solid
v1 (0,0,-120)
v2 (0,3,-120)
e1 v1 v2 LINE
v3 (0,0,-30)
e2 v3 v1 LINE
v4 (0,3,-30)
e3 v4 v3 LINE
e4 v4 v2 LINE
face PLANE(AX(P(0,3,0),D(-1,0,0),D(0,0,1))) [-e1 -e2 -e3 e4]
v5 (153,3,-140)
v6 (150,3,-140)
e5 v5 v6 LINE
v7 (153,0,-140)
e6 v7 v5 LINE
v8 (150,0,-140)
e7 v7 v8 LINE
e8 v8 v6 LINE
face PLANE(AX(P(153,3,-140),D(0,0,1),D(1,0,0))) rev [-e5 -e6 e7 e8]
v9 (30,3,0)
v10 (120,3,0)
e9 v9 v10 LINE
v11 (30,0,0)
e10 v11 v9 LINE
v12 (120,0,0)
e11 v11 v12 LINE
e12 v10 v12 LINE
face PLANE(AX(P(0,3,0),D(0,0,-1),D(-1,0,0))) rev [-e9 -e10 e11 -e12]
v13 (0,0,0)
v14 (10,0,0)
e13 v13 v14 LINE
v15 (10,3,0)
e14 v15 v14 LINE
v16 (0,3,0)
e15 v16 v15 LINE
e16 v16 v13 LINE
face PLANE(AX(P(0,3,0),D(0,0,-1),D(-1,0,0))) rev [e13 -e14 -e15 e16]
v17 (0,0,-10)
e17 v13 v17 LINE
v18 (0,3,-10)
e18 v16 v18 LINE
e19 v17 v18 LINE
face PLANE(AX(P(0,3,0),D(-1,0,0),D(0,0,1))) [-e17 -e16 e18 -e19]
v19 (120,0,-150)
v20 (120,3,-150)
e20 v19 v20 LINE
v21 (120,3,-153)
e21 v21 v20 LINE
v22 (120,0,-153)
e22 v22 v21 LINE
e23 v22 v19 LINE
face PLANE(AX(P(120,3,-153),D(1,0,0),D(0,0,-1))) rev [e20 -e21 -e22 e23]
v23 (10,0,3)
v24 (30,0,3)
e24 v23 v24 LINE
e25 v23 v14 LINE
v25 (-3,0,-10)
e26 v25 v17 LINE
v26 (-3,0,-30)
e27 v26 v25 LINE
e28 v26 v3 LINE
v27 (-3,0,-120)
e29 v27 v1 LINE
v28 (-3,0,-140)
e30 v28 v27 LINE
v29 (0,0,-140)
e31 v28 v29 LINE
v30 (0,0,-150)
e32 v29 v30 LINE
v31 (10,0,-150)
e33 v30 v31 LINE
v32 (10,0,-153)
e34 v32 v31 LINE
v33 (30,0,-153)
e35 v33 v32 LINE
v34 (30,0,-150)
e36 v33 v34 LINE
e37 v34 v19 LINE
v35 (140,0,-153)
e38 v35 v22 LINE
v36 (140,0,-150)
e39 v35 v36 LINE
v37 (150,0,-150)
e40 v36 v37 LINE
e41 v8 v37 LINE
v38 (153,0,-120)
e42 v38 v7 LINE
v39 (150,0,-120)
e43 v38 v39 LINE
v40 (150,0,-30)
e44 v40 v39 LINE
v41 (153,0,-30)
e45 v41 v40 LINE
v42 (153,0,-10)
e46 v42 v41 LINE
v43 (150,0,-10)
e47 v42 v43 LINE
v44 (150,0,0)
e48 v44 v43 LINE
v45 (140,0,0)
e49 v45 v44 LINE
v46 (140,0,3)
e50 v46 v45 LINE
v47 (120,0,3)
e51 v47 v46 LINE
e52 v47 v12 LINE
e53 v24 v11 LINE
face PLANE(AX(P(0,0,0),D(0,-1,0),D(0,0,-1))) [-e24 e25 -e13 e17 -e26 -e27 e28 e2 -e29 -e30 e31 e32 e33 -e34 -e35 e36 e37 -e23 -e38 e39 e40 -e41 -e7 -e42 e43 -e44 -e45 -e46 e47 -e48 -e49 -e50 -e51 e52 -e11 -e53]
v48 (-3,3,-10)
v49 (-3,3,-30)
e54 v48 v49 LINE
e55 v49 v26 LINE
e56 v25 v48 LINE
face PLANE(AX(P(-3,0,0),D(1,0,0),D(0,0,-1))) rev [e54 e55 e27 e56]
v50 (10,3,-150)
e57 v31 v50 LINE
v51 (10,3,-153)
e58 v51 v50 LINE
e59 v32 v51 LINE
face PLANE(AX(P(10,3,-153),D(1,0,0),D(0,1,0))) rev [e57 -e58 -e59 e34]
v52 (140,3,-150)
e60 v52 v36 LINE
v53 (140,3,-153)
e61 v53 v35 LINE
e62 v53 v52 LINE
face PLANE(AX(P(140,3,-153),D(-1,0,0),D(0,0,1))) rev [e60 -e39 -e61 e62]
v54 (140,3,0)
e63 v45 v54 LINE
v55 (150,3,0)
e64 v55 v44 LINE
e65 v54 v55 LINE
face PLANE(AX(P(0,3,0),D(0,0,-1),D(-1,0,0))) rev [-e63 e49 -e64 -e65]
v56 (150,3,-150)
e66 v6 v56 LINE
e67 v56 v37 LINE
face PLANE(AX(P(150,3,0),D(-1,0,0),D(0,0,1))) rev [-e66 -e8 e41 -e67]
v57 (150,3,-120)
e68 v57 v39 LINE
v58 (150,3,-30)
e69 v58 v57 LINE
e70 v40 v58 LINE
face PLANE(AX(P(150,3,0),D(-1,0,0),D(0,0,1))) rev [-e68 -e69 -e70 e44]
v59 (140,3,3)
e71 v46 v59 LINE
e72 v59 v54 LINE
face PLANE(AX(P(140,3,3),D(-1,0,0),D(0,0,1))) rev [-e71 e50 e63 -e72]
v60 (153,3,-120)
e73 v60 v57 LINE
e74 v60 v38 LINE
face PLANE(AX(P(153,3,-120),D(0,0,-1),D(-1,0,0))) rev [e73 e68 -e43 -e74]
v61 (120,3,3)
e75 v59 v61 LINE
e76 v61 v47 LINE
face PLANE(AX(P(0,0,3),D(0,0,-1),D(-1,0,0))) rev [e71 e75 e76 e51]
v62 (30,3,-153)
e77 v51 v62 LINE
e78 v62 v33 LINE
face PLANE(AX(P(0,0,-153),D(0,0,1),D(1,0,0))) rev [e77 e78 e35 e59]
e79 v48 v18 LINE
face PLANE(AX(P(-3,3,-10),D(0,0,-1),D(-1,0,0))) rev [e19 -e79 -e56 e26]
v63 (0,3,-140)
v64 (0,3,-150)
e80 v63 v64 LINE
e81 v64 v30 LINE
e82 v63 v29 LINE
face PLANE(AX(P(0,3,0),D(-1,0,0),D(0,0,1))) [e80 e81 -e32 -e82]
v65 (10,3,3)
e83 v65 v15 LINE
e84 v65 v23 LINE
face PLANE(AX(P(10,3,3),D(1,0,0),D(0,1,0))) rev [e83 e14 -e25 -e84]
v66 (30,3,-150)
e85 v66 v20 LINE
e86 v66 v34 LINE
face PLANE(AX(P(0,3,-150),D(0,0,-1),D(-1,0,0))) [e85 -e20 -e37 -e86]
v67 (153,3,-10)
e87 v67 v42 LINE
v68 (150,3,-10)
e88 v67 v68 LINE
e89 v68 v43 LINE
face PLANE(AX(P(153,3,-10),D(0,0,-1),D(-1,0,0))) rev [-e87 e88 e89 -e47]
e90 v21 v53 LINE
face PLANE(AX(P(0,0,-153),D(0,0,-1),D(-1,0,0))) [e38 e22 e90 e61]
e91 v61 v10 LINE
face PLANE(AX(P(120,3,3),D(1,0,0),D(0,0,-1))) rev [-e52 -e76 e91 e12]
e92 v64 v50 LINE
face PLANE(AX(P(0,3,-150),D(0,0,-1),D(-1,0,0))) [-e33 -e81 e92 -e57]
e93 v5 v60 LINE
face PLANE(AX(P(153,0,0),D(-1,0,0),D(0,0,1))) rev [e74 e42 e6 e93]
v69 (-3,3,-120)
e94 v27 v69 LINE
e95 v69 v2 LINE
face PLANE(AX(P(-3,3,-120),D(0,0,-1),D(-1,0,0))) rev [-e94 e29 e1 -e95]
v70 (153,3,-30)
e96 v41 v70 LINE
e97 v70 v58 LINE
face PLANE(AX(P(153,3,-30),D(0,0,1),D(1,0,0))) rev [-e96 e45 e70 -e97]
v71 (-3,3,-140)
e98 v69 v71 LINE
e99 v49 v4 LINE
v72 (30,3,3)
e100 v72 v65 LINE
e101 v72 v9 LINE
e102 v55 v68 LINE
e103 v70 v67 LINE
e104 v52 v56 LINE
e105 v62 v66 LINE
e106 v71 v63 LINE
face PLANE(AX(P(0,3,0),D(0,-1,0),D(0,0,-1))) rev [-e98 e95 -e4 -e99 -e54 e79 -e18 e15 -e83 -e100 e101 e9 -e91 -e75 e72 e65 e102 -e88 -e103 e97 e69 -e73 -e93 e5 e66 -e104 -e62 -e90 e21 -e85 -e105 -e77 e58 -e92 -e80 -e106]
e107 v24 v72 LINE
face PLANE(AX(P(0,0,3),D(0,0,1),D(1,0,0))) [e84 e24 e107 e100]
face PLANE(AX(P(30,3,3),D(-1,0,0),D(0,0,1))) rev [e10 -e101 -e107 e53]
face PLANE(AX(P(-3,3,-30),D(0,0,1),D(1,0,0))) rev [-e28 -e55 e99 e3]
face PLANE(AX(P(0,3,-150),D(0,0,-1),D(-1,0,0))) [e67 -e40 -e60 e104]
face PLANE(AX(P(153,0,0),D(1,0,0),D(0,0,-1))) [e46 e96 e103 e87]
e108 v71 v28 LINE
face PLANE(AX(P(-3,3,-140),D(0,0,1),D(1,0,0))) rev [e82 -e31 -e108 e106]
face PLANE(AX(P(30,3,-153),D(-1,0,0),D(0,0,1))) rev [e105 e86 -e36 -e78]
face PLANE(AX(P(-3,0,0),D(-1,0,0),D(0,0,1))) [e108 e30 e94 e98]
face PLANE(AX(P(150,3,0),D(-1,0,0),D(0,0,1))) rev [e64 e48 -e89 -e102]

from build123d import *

# Parameters (mm, degrees)
SKETCH1_W            = 150
SKETCH1_H            = 150
BOSS_EXTRUDE9_DEPTH  = 3
SKETCH8_W            = 20
SKETCH8_H            = 3
BOSS_EXTRUDE10_DEPTH = 3
SKETCH9_W            = 20
SKETCH9_H            = 3
BOSS_EXTRUDE11_DEPTH = 3
SKETCH10_W           = 20
SKETCH10_H           = 3
BOSS_EXTRUDE12_DEPTH = 3
SKETCH11_W           = 20
SKETCH11_H           = 3
BOSS_EXTRUDE13_DEPTH = 3
SKETCH13_W           = 20
SKETCH13_H           = 3
BOSS_EXTRUDE14_DEPTH = 3
SKETCH14_W           = 20
SKETCH14_H           = 3
BOSS_EXTRUDE15_DEPTH = 3
SKETCH15_W           = 20
SKETCH15_H           = 3
BOSS_EXTRUDE16_DEPTH = 3
SKETCH16_W           = 20
SKETCH16_H           = 3
BOSS_EXTRUDE17_DEPTH = 3


with BuildPart() as part:
    # Sketch1 → Boss-Extrude9 (new body)
    with BuildSketch(Plane(origin=(0, 0, 0), x_dir=(1, 0, 0), z_dir=(0, 1, 0))):
        with Locations((75, 75)):
            Rectangle(SKETCH1_W, SKETCH1_H)
    extrude(amount=BOSS_EXTRUDE9_DEPTH)

    # Sketch8 → Boss-Extrude10 (add)
    with BuildSketch(Plane.ZY):
        with Locations((-20, 1.5)):
            Rectangle(SKETCH8_W, SKETCH8_H)
    extrude(amount=BOSS_EXTRUDE10_DEPTH)

    # Sketch9 → Boss-Extrude11 (add)
    with BuildSketch(Plane.XY):
        with Locations((20, 1.5)):
            Rectangle(SKETCH9_W, SKETCH9_H)
    extrude(amount=BOSS_EXTRUDE11_DEPTH)

    # Sketch10 → Boss-Extrude12 (add)
    with BuildSketch(Plane.XY):
        with Locations((130, 1.5)):
            Rectangle(SKETCH10_W, SKETCH10_H)
    extrude(amount=BOSS_EXTRUDE12_DEPTH)

    # Sketch11 → Boss-Extrude13 (add)
    with BuildSketch(Plane(origin=(150, 0, 0), x_dir=(0, 0, -1), z_dir=(1, 0, 0))):
        with Locations((20, 1.5)):
            Rectangle(SKETCH11_W, SKETCH11_H)
    extrude(amount=BOSS_EXTRUDE13_DEPTH)

    # Sketch13 → Boss-Extrude14 (add)
    with BuildSketch(Plane(origin=(150, 0, 0), x_dir=(0, 0, -1), z_dir=(1, 0, 0))):
        with Locations((130, 1.5)):
            Rectangle(SKETCH13_W, SKETCH13_H)
    extrude(amount=BOSS_EXTRUDE14_DEPTH)

    # Sketch14 → Boss-Extrude15 (add)
    with BuildSketch(Plane(origin=(0, 0, -150), x_dir=(-1, 0, 0), z_dir=(0, 0, -1))):
        with Locations((-130, 1.5)):
            Rectangle(SKETCH14_W, SKETCH14_H)
    extrude(amount=BOSS_EXTRUDE15_DEPTH)

    # Sketch15 → Boss-Extrude16 (add)
    with BuildSketch(Plane(origin=(0, 0, -150), x_dir=(-1, 0, 0), z_dir=(0, 0, -1))):
        with Locations((-20, 1.5)):
            Rectangle(SKETCH15_W, SKETCH15_H)
    extrude(amount=BOSS_EXTRUDE16_DEPTH)

    # Sketch16 → Boss-Extrude17 (add)
    with BuildSketch(Plane.ZY):
        with Locations((-130, 1.5)):
            Rectangle(SKETCH16_W, SKETCH16_H)
    extrude(amount=BOSS_EXTRUDE17_DEPTH)


solid = part.part
